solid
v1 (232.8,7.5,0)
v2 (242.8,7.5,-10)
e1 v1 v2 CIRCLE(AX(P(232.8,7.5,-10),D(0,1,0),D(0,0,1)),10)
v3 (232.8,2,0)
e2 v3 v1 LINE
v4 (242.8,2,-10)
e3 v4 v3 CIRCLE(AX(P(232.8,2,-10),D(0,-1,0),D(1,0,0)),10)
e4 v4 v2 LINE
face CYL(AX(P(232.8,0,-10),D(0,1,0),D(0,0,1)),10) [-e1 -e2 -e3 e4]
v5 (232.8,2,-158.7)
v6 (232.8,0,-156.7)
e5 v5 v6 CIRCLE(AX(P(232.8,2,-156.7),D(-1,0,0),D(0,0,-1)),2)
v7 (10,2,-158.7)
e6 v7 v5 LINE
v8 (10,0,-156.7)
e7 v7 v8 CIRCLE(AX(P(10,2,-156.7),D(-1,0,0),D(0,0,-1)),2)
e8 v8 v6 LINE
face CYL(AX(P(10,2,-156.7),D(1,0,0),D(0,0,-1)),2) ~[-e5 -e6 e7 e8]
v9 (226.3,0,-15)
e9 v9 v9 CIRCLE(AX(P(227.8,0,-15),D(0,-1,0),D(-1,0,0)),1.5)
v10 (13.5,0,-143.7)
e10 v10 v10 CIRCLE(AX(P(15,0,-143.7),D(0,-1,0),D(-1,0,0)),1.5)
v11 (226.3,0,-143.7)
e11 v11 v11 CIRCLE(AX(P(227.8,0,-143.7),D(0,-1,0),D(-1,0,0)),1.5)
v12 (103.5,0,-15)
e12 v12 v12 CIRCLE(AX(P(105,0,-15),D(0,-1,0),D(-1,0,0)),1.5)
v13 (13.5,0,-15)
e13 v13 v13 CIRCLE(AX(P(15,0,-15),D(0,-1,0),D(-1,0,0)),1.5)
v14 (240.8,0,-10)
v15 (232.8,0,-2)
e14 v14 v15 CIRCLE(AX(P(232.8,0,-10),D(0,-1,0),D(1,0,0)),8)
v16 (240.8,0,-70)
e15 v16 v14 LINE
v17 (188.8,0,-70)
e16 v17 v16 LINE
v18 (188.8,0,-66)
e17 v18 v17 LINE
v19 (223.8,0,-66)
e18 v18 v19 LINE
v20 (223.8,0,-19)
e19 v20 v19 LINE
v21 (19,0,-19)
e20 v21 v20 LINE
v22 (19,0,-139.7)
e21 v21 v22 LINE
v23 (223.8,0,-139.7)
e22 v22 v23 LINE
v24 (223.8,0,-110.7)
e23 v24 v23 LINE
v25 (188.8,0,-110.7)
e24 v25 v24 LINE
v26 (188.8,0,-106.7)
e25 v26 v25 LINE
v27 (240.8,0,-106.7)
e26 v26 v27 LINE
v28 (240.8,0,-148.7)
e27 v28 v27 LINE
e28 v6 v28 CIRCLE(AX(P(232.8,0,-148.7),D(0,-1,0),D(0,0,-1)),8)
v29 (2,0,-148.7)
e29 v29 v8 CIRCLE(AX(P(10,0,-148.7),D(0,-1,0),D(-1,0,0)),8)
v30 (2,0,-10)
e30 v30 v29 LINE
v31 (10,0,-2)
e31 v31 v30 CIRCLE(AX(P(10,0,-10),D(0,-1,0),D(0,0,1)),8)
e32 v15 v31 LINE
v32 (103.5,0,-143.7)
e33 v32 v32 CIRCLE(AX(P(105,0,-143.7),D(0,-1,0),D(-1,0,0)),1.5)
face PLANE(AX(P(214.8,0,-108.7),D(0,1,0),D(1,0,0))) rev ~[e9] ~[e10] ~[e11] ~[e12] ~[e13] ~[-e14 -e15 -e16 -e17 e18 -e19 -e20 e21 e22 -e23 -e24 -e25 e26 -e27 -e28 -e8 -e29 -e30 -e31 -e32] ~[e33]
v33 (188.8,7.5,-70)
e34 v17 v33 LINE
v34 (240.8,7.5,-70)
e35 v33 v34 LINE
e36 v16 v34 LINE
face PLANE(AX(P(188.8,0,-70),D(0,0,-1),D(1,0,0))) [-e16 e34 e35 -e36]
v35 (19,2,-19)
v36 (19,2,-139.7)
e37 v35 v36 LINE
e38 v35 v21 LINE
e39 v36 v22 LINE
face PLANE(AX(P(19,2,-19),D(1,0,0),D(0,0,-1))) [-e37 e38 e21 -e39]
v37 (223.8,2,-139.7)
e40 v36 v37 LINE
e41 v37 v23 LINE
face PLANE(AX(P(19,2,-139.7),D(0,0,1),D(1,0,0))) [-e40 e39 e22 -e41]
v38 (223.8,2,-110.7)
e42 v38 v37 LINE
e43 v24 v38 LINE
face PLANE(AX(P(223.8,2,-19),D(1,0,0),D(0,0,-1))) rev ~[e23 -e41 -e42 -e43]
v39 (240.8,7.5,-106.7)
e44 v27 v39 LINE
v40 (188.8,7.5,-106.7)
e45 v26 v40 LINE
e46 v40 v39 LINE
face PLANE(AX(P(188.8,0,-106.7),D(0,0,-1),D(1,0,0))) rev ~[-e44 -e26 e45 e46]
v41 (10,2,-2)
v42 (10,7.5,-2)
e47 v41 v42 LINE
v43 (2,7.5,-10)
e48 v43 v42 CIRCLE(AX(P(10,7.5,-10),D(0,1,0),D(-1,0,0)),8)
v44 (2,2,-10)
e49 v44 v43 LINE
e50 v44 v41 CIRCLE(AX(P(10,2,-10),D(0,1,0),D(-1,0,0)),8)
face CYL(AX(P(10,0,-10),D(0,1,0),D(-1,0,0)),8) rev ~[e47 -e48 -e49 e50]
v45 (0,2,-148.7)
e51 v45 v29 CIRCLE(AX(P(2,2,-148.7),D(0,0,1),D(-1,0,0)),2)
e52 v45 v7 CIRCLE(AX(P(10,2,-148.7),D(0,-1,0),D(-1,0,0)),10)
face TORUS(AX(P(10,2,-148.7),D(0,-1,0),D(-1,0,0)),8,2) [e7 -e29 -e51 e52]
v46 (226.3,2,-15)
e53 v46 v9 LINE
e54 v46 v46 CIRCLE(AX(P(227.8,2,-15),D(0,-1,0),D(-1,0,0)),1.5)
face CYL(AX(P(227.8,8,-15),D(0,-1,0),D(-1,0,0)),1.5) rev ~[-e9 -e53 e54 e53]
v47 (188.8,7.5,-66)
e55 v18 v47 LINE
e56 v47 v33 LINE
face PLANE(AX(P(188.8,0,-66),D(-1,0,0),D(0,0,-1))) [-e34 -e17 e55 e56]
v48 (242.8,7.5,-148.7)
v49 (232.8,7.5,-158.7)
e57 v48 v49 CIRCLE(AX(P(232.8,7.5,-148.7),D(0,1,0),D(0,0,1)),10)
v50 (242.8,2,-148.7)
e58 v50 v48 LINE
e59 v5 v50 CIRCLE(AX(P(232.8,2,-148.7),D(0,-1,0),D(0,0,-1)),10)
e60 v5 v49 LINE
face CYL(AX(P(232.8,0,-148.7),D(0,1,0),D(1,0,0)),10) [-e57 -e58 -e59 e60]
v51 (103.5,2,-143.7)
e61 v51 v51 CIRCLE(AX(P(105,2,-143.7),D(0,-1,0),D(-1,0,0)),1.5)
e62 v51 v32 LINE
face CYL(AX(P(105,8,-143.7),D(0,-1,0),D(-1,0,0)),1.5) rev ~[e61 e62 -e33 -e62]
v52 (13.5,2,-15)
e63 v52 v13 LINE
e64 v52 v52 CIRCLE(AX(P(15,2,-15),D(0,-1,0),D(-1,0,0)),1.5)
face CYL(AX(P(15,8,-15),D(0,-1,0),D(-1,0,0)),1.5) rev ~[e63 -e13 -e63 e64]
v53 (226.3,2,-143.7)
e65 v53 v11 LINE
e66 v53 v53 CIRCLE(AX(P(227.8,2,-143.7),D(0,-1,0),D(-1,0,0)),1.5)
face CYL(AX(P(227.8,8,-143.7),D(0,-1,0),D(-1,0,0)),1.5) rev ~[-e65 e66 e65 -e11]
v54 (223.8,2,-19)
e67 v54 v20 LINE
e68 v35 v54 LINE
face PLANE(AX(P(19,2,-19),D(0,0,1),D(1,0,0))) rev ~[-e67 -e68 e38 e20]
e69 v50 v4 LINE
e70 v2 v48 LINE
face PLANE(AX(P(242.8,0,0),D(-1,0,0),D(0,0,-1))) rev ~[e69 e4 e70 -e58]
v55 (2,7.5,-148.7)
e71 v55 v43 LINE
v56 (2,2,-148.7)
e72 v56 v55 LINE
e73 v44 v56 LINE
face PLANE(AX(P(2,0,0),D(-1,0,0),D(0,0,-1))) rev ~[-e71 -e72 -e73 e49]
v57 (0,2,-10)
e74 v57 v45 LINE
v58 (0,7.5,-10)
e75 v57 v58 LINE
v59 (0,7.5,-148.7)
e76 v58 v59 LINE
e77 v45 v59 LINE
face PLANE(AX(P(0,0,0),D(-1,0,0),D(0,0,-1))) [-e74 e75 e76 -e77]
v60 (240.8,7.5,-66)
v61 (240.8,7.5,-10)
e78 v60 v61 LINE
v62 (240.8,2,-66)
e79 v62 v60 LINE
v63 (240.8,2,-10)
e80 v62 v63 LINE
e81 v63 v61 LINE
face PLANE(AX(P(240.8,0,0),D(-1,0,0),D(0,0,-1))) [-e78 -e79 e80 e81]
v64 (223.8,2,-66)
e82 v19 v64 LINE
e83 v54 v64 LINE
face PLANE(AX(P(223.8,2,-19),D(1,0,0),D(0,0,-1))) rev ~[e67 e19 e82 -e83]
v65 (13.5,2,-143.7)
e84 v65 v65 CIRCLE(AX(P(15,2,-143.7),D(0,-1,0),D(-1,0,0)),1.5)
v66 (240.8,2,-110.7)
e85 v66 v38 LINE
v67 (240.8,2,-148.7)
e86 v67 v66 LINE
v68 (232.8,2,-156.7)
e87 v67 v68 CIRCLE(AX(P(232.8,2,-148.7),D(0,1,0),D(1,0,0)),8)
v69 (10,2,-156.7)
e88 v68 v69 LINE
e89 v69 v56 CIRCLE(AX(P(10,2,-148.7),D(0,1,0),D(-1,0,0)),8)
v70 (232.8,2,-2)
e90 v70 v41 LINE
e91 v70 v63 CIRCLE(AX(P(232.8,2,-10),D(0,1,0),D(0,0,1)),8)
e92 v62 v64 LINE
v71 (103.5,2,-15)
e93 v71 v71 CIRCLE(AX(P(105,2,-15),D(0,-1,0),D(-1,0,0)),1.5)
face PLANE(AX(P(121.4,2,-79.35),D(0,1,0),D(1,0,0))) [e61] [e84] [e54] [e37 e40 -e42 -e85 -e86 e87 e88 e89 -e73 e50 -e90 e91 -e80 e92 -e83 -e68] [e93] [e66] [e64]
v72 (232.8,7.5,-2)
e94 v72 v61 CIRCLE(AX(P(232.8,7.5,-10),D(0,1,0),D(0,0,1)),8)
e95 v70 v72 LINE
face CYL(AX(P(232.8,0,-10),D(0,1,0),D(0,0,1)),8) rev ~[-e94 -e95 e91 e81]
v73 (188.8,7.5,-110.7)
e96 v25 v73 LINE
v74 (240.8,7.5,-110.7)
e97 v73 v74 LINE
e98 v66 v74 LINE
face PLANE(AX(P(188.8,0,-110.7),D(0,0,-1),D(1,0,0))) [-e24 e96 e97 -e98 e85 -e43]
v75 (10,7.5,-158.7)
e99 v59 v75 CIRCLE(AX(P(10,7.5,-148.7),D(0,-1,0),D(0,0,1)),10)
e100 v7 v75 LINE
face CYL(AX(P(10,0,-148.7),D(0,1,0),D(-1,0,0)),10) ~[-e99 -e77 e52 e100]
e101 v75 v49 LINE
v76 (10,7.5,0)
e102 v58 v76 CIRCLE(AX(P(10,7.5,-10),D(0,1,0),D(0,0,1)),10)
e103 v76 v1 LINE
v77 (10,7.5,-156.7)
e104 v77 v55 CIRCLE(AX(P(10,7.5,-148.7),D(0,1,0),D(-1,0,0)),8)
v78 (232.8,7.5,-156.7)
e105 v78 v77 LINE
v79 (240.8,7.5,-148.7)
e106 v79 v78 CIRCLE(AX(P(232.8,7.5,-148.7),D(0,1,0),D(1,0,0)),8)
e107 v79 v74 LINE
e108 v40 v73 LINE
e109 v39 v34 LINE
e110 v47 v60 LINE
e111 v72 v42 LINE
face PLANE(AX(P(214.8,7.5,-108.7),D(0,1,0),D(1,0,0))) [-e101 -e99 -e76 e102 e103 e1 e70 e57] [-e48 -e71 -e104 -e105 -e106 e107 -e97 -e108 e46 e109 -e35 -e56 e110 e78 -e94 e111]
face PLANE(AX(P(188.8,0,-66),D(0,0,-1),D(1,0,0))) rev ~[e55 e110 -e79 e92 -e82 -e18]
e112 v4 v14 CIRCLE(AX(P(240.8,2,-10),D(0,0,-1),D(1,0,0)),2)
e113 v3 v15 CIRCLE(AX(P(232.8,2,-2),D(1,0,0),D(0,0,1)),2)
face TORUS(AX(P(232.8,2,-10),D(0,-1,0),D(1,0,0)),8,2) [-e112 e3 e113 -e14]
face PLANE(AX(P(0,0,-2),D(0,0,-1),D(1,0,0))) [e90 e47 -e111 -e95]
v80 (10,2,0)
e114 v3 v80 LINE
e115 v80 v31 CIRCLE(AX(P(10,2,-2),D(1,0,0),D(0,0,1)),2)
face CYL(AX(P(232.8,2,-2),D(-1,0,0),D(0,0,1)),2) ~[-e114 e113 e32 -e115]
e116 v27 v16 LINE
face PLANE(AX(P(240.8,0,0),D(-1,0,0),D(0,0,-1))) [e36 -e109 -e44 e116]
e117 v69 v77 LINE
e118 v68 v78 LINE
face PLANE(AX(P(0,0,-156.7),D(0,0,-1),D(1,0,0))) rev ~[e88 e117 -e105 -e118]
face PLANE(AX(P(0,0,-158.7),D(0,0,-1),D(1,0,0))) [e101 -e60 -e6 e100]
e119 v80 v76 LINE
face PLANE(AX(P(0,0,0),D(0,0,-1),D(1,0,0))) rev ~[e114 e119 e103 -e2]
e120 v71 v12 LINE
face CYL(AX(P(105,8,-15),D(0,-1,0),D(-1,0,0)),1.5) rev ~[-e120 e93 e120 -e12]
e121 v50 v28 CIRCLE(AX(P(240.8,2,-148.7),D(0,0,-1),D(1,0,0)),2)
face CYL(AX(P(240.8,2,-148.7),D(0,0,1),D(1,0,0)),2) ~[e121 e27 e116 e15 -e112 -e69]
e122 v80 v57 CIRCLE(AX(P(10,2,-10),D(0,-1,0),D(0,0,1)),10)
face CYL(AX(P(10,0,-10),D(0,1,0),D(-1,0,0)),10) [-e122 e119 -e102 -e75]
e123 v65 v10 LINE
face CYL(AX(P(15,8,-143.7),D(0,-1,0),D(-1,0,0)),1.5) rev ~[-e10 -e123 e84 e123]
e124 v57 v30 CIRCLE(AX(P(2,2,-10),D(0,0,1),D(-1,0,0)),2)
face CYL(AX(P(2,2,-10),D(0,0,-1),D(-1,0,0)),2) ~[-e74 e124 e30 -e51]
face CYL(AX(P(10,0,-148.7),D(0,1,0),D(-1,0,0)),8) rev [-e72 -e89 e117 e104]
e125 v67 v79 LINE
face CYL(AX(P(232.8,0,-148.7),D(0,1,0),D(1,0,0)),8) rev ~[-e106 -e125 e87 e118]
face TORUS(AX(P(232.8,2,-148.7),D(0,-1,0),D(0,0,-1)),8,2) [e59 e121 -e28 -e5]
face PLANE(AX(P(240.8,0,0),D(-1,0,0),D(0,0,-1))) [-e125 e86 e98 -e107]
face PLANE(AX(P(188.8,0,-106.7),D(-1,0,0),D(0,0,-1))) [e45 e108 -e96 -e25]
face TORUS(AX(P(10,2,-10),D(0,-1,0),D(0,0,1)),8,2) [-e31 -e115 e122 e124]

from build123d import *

# Parameters (mm, degrees)
SKIZZE1_W                          = 242.8
SKIZZE1_H                          = 158.7
AUFSATZ_LINEAR_AUSTRAGEN1_DEPTH    = 7.5
VERRUNDUNG1_R                      = 10
WANDUNG1_T                         = -2
F_3_0_3_DURCHMESSER_BOHRUNG1_D     = 3
F_3_0_3_DURCHMESSER_BOHRUNG1_DEPTH = 6
F_3_0_3_DURCHMESSER_BOHRUNG1_TIP   = 0.901290929
SKIZZE5_W                          = 204.8
SKIZZE5_H                          = 120.7
SCHNITT_LINEAR_AUSTRAGEN1_DEPTH    = 291.116838532
VERRUNDUNG2_R                      = 2
SKIZZE6_W                          = 17
SKIZZE6_H                          = 36.7
SCHNITT_LINEAR_AUSTRAGEN2_DEPTH    = 7.5
AUFSATZ_LINEAR_START               = -2
SKIZZE8_W                          = 52
SKIZZE8_H                          = 4
AUFSATZ_LINEAR_AUSTRAGEN2_DEPTH    = 7.5


with BuildPart() as part:
    # Skizze1 → Aufsatz-Linear austragen1 (new body)
    with BuildSketch(Plane(origin=(0, 0, 0), x_dir=(1, 0, 0), z_dir=(0, 1, 0))):
        with Locations((121.4, 79.35)):
            Rectangle(SKIZZE1_W, SKIZZE1_H)
    extrude(amount=AUFSATZ_LINEAR_AUSTRAGEN1_DEPTH)

    # Verrundung1
    verrundung1_edges = [part.edges().sort_by_distance(p)[0] for p in [
        (0, 3.75, -158.7),
        (242.8, 3.75, -158.7),
        (242.8, 3.75, 0),
        (0, 3.75, 0),
    ]]
    fillet(verrundung1_edges, radius=VERRUNDUNG1_R)

    # Wandung1
    wandung1_openings = [part.faces().sort_by_distance(p)[0] for p in [
        (121.4, 7.5, -79.35),
    ]]
    offset(amount=WANDUNG1_T, openings=wandung1_openings, kind=Kind.INTERSECTION)

    # Ø3.0 (3) Durchmesser Bohrung1
    with Locations(Plane(origin=(0, 2, 0), x_dir=(1, 0, 0), z_dir=(0, 1, 0))):
        with Locations((15, 143.7), (105, 143.7), (227.8, 143.7), (227.8, 15), (105, 15), (15, 15)):
            Hole(F_3_0_3_DURCHMESSER_BOHRUNG1_D / 2, depth=F_3_0_3_DURCHMESSER_BOHRUNG1_DEPTH)
            with Locations((0, 0, -(F_3_0_3_DURCHMESSER_BOHRUNG1_DEPTH + F_3_0_3_DURCHMESSER_BOHRUNG1_TIP / 2))):  # 118° drill point
                Cone(0, F_3_0_3_DURCHMESSER_BOHRUNG1_D / 2, F_3_0_3_DURCHMESSER_BOHRUNG1_TIP, mode=Mode.SUBTRACT)

    # Skizze5 → Schnitt-Linear austragen1 (cut, through all)
    with BuildSketch(Plane(origin=(0, 2, 0), x_dir=(1, 0, 0), z_dir=(0, 1, 0))):
        with Locations((121.4, 79.35)):
            Rectangle(SKIZZE5_W, SKIZZE5_H)
    extrude(amount=-SCHNITT_LINEAR_AUSTRAGEN1_DEPTH, mode=Mode.SUBTRACT)

    # Verrundung2
    verrundung2_edges = [part.edges().sort_by_distance(p)[0] for p in [
        (0, 0, -79.35),
        (121.4, 0, -158.7),
        (242.8, 0, -79.35),
        (121.4, 0, 0),
        (239.871067812, 0, -2.928932188),
        (2.928932188, 0, -2.928932188),
        (239.871067812, 0, -155.771067812),
        (2.928932188, 0, -155.771067812),
    ]]
    fillet(verrundung2_edges, radius=VERRUNDUNG2_R)

    # Skizze6 → Schnitt-Linear austragen2 (cut)
    with BuildSketch(Plane.XZ):
        with Locations((232.3, -88.35)):
            Rectangle(SKIZZE6_W, SKIZZE6_H)
    extrude(amount=-SCHNITT_LINEAR_AUSTRAGEN2_DEPTH, mode=Mode.SUBTRACT)

    # Skizze8 → Aufsatz-Linear austragen2 (add)
    with BuildSketch(Plane(origin=(0, 2, 0), x_dir=(1, 0, 0), z_dir=(0, 1, 0)).offset(AUFSATZ_LINEAR_START)):
        with Locations((214.8, 108.7)):
            Rectangle(SKIZZE8_W, SKIZZE8_H)
        with Locations((214.8, 68)):
            Rectangle(SKIZZE8_W, SKIZZE8_H)
    extrude(amount=AUFSATZ_LINEAR_AUSTRAGEN2_DEPTH)


solid = part.part
